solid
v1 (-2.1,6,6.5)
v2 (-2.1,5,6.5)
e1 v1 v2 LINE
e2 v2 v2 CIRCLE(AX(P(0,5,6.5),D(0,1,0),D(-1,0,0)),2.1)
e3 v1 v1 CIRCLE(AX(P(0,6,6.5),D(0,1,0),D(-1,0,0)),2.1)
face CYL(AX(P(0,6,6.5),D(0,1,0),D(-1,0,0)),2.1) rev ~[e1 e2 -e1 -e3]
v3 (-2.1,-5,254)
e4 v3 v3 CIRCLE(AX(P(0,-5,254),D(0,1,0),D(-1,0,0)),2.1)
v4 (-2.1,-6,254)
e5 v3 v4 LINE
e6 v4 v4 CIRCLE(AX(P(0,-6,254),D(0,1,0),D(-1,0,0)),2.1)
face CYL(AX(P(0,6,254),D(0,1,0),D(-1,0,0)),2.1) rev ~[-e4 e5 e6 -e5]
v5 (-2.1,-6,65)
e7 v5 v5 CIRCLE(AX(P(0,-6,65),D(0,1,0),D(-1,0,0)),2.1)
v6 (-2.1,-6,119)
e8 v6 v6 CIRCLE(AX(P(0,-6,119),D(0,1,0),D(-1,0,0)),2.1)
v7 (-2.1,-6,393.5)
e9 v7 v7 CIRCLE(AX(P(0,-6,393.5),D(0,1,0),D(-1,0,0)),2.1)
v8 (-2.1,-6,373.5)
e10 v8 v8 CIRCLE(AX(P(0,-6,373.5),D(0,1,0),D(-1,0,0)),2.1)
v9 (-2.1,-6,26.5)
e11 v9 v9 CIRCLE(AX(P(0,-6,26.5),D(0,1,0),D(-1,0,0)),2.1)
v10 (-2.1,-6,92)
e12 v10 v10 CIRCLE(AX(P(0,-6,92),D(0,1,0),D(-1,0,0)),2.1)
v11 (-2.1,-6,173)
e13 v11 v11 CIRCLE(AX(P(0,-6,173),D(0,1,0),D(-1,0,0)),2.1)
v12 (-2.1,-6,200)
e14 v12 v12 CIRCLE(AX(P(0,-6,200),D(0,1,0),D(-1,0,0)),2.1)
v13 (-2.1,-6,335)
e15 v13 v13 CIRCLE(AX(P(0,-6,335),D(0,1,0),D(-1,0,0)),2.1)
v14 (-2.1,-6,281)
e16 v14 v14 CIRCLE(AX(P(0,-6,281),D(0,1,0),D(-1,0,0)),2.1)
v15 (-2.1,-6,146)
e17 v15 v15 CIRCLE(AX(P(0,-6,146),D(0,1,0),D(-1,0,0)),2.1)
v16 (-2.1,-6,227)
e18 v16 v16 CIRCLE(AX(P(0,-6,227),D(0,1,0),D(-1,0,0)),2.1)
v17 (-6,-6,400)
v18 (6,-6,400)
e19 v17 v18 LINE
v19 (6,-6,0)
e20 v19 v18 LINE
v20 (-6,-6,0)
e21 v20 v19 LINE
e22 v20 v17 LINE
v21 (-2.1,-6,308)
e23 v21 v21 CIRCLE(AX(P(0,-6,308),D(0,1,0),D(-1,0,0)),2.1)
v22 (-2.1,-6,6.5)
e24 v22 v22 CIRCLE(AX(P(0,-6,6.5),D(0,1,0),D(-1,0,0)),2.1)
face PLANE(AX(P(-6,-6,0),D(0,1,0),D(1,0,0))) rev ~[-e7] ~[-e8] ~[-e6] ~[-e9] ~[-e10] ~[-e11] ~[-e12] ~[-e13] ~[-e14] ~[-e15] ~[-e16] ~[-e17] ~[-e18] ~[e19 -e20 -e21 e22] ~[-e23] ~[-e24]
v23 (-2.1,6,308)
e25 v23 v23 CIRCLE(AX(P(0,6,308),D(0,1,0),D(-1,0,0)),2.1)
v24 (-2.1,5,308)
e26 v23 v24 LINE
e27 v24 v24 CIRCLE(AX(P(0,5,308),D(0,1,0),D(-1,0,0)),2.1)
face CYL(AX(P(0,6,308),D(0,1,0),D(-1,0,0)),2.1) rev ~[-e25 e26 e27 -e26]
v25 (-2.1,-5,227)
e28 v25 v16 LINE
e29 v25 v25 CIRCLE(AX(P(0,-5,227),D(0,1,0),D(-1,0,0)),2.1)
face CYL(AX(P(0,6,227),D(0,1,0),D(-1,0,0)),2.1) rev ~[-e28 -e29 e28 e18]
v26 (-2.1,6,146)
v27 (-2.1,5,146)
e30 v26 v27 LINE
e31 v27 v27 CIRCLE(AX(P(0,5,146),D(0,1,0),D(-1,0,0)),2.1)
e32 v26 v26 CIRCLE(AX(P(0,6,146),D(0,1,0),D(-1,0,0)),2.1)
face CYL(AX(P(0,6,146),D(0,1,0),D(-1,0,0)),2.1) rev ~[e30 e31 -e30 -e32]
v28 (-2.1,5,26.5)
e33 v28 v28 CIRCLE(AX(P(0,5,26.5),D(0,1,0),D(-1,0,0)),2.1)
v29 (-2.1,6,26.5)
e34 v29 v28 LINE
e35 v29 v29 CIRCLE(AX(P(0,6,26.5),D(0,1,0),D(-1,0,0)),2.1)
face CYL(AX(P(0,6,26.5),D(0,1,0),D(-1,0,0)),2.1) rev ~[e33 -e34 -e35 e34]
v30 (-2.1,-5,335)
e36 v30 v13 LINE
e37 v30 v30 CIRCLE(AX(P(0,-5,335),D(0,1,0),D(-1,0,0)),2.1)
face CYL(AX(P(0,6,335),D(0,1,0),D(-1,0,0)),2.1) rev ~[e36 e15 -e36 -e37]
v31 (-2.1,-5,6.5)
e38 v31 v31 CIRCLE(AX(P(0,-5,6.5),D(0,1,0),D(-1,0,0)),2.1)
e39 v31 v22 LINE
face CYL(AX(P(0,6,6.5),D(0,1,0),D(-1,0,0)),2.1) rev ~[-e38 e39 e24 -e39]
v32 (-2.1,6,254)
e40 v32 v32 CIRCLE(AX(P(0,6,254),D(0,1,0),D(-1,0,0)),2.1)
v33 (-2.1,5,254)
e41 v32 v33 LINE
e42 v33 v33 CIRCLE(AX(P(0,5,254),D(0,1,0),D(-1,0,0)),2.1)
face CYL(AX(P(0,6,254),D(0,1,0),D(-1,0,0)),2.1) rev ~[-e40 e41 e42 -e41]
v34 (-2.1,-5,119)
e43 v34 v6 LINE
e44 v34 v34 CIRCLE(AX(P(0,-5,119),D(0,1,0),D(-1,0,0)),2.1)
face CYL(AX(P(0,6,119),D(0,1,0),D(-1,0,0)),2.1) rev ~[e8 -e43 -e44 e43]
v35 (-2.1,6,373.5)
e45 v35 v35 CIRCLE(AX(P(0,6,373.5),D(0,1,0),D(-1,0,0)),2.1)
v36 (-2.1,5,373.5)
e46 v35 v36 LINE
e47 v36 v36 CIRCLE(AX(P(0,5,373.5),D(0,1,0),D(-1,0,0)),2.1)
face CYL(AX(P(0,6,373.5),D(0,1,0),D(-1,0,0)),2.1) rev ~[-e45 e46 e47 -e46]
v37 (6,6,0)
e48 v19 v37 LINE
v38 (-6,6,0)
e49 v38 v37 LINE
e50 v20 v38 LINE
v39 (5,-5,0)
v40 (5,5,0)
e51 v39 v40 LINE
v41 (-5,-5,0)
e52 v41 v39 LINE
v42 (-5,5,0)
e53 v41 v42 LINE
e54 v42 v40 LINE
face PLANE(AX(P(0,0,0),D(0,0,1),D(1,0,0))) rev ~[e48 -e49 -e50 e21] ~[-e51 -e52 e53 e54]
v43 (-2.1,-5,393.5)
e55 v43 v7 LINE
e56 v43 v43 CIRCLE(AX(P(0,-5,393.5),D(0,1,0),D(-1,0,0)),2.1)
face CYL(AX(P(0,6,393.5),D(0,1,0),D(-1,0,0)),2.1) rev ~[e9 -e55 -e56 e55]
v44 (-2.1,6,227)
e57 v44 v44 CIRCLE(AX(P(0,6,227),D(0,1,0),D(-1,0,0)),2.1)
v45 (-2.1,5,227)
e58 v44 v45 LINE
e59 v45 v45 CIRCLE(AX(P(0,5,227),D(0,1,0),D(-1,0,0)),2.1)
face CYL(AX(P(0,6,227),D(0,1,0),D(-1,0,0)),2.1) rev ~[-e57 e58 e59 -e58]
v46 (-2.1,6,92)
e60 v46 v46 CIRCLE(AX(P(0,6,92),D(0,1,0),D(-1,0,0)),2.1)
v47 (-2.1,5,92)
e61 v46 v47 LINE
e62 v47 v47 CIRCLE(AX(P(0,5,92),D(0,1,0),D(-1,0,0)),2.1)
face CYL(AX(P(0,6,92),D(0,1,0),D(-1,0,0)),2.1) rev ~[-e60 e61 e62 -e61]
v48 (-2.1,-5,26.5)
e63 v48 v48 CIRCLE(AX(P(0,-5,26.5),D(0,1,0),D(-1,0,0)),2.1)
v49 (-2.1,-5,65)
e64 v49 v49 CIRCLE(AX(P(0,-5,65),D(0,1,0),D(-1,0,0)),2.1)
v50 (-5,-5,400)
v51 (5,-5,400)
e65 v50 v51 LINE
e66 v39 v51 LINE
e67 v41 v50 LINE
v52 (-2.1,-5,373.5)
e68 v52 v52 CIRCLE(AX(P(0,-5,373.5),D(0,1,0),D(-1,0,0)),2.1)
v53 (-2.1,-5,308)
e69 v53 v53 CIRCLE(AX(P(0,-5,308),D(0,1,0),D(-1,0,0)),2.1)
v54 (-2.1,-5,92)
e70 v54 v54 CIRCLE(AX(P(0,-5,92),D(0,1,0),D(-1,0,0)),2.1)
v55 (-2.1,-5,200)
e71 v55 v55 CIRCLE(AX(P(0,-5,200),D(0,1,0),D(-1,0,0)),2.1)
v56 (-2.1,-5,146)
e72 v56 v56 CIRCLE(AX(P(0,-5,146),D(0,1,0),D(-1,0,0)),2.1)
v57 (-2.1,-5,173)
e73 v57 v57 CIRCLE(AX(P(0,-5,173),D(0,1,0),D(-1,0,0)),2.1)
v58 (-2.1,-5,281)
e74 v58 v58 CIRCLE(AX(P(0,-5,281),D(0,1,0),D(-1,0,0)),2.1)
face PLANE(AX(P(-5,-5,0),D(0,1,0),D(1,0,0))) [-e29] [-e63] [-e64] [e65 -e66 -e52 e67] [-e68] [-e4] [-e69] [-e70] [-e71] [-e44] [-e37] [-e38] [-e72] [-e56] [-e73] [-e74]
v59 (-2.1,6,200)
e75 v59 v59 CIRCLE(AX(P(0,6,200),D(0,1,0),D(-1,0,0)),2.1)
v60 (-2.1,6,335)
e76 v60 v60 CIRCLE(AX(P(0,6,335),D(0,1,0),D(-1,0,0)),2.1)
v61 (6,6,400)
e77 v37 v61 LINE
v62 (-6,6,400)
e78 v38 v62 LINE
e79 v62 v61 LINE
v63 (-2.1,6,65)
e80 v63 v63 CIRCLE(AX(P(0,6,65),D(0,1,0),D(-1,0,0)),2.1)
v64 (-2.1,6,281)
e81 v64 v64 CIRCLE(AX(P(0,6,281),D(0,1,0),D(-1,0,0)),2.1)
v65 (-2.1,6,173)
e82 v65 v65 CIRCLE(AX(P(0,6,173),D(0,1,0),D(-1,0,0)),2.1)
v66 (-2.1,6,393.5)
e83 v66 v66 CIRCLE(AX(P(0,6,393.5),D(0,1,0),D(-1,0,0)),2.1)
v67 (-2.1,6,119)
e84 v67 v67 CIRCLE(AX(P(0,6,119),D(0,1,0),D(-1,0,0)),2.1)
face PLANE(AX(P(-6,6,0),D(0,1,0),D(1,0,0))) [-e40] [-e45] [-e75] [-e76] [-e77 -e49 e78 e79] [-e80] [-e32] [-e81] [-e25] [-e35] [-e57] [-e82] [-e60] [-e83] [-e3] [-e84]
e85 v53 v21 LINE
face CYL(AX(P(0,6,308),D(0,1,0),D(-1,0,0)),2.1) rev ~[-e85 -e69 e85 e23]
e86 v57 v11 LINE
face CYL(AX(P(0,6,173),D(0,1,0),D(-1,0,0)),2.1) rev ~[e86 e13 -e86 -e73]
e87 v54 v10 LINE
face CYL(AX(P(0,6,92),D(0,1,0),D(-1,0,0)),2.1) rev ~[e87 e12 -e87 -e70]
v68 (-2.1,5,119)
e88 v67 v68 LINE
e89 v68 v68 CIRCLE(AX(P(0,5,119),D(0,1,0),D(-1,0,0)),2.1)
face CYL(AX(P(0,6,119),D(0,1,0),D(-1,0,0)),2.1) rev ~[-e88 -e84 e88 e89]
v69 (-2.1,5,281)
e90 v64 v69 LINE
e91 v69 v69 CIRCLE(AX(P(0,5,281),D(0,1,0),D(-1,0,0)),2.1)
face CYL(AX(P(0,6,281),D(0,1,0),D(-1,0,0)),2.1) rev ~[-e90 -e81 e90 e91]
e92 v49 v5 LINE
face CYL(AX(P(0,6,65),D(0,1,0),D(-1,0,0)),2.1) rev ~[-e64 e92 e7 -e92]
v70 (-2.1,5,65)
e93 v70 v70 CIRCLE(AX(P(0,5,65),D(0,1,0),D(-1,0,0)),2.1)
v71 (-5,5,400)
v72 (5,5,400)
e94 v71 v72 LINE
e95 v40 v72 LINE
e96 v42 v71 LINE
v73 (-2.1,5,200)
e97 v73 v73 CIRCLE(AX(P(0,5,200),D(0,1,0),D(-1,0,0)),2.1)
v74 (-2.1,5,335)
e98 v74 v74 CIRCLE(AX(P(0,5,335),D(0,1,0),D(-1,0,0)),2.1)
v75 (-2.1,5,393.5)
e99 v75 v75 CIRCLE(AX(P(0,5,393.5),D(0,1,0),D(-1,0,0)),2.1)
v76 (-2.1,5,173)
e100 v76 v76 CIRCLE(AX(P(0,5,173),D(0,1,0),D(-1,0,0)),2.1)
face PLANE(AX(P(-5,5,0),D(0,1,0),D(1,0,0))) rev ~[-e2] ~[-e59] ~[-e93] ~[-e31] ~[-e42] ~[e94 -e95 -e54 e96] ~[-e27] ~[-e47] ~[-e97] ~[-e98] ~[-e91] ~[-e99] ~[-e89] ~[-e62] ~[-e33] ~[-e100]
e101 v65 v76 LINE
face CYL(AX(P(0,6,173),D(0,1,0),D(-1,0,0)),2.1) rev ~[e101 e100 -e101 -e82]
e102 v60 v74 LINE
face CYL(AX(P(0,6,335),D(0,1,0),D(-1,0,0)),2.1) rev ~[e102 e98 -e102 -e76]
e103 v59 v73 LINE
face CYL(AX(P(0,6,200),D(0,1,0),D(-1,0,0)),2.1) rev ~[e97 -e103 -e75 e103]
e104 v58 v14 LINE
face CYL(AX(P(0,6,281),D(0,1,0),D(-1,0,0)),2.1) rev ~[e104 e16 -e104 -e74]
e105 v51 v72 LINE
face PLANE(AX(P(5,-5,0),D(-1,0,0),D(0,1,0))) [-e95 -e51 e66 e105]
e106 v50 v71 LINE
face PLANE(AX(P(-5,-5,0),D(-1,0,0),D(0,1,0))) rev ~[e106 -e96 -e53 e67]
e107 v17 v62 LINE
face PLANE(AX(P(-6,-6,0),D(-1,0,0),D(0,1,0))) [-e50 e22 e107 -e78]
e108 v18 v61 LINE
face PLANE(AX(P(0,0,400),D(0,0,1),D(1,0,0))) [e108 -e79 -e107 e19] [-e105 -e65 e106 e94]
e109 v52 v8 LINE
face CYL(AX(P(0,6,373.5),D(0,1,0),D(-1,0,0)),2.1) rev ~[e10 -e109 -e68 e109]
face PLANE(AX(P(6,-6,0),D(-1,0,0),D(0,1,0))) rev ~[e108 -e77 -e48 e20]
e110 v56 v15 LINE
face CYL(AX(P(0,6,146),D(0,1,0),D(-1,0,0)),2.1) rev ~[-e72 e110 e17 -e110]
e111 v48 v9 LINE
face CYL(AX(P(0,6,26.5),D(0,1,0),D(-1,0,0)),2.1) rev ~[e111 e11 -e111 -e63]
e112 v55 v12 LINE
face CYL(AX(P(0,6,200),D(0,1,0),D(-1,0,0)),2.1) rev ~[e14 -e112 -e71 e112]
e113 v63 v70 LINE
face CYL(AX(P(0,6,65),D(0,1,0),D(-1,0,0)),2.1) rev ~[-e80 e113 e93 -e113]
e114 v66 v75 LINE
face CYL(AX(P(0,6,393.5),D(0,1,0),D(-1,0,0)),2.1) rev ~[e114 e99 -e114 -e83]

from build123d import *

# Parameters (mm, degrees)
SKETCH_1_W          = 12
SKETCH_1_H          = 12
SKETCH_1_W_2        = 10
SKETCH_1_H_2        = 10
EXTRUDE_1_DEPTH     = 400
SKETCH_2_R          = 2.1
CUT_EXTRUDE_1_DEPTH = 500
SKETCH_3_R          = 2.1
CUT_EXTRUDE_2_DEPTH = 102


with BuildPart() as part:
    # 草图1 → 凸台-拉伸1 (new body)
    with BuildSketch(Plane.XY):
        Rectangle(SKETCH_1_W, SKETCH_1_H)
        Rectangle(SKETCH_1_W_2, SKETCH_1_H_2, mode=Mode.SUBTRACT)
    extrude(amount=EXTRUDE_1_DEPTH)

    # 草图2 → 切除-拉伸1 (cut)
    with BuildSketch(Plane(origin=(0, 6, 0), x_dir=(1, 0, 0), z_dir=(0, 1, 0))):
        with Locations(Location((0, -200, 0), (0, 0, 180))):
            Circle(SKETCH_2_R)
        with Locations(Location((0, -227, 0), (0, 0, 180))):
            Circle(SKETCH_2_R)
        with Locations(Location((0, -254, 0), (0, 0, 180))):
            Circle(SKETCH_2_R)
        with Locations(Location((0, -281, 0), (0, 0, 180))):
            Circle(SKETCH_2_R)
        with Locations(Location((0, -308, 0), (0, 0, 180))):
            Circle(SKETCH_2_R)
        with Locations(Location((0, -335, 0), (0, 0, 180))):
            Circle(SKETCH_2_R)
        with Locations(Location((0, -173, 0), (0, 0, 180))):
            Circle(SKETCH_2_R)
        with Locations(Location((0, -146, 0), (0, 0, 180))):
            Circle(SKETCH_2_R)
        with Locations(Location((0, -119, 0), (0, 0, 180))):
            Circle(SKETCH_2_R)
        with Locations(Location((0, -92, 0), (0, 0, 180))):
            Circle(SKETCH_2_R)
        with Locations(Location((0, -65, 0), (0, 0, 180))):
            Circle(SKETCH_2_R)
    extrude(amount=-CUT_EXTRUDE_1_DEPTH, mode=Mode.SUBTRACT)

    # 草图3 → 切除-拉伸2 (cut)
    with BuildSketch(Plane(origin=(0, 6, 0), x_dir=(1, 0, 0), z_dir=(0, 1, 0))):
        with Locations(Location((0, -6.5, 0), (0, 0, 180))):
            Circle(SKETCH_3_R)
        with Locations(Location((0, -26.5, 0), (0, 0, 180))):
            Circle(SKETCH_3_R)
        with Locations(Location((0, -373.5, 0), (0, 0, 180))):
            Circle(SKETCH_3_R)
        with Locations(Location((0, -393.5, 0), (0, 0, 180))):
            Circle(SKETCH_3_R)
    extrude(amount=-CUT_EXTRUDE_2_DEPTH, mode=Mode.SUBTRACT)


solid = part.part
